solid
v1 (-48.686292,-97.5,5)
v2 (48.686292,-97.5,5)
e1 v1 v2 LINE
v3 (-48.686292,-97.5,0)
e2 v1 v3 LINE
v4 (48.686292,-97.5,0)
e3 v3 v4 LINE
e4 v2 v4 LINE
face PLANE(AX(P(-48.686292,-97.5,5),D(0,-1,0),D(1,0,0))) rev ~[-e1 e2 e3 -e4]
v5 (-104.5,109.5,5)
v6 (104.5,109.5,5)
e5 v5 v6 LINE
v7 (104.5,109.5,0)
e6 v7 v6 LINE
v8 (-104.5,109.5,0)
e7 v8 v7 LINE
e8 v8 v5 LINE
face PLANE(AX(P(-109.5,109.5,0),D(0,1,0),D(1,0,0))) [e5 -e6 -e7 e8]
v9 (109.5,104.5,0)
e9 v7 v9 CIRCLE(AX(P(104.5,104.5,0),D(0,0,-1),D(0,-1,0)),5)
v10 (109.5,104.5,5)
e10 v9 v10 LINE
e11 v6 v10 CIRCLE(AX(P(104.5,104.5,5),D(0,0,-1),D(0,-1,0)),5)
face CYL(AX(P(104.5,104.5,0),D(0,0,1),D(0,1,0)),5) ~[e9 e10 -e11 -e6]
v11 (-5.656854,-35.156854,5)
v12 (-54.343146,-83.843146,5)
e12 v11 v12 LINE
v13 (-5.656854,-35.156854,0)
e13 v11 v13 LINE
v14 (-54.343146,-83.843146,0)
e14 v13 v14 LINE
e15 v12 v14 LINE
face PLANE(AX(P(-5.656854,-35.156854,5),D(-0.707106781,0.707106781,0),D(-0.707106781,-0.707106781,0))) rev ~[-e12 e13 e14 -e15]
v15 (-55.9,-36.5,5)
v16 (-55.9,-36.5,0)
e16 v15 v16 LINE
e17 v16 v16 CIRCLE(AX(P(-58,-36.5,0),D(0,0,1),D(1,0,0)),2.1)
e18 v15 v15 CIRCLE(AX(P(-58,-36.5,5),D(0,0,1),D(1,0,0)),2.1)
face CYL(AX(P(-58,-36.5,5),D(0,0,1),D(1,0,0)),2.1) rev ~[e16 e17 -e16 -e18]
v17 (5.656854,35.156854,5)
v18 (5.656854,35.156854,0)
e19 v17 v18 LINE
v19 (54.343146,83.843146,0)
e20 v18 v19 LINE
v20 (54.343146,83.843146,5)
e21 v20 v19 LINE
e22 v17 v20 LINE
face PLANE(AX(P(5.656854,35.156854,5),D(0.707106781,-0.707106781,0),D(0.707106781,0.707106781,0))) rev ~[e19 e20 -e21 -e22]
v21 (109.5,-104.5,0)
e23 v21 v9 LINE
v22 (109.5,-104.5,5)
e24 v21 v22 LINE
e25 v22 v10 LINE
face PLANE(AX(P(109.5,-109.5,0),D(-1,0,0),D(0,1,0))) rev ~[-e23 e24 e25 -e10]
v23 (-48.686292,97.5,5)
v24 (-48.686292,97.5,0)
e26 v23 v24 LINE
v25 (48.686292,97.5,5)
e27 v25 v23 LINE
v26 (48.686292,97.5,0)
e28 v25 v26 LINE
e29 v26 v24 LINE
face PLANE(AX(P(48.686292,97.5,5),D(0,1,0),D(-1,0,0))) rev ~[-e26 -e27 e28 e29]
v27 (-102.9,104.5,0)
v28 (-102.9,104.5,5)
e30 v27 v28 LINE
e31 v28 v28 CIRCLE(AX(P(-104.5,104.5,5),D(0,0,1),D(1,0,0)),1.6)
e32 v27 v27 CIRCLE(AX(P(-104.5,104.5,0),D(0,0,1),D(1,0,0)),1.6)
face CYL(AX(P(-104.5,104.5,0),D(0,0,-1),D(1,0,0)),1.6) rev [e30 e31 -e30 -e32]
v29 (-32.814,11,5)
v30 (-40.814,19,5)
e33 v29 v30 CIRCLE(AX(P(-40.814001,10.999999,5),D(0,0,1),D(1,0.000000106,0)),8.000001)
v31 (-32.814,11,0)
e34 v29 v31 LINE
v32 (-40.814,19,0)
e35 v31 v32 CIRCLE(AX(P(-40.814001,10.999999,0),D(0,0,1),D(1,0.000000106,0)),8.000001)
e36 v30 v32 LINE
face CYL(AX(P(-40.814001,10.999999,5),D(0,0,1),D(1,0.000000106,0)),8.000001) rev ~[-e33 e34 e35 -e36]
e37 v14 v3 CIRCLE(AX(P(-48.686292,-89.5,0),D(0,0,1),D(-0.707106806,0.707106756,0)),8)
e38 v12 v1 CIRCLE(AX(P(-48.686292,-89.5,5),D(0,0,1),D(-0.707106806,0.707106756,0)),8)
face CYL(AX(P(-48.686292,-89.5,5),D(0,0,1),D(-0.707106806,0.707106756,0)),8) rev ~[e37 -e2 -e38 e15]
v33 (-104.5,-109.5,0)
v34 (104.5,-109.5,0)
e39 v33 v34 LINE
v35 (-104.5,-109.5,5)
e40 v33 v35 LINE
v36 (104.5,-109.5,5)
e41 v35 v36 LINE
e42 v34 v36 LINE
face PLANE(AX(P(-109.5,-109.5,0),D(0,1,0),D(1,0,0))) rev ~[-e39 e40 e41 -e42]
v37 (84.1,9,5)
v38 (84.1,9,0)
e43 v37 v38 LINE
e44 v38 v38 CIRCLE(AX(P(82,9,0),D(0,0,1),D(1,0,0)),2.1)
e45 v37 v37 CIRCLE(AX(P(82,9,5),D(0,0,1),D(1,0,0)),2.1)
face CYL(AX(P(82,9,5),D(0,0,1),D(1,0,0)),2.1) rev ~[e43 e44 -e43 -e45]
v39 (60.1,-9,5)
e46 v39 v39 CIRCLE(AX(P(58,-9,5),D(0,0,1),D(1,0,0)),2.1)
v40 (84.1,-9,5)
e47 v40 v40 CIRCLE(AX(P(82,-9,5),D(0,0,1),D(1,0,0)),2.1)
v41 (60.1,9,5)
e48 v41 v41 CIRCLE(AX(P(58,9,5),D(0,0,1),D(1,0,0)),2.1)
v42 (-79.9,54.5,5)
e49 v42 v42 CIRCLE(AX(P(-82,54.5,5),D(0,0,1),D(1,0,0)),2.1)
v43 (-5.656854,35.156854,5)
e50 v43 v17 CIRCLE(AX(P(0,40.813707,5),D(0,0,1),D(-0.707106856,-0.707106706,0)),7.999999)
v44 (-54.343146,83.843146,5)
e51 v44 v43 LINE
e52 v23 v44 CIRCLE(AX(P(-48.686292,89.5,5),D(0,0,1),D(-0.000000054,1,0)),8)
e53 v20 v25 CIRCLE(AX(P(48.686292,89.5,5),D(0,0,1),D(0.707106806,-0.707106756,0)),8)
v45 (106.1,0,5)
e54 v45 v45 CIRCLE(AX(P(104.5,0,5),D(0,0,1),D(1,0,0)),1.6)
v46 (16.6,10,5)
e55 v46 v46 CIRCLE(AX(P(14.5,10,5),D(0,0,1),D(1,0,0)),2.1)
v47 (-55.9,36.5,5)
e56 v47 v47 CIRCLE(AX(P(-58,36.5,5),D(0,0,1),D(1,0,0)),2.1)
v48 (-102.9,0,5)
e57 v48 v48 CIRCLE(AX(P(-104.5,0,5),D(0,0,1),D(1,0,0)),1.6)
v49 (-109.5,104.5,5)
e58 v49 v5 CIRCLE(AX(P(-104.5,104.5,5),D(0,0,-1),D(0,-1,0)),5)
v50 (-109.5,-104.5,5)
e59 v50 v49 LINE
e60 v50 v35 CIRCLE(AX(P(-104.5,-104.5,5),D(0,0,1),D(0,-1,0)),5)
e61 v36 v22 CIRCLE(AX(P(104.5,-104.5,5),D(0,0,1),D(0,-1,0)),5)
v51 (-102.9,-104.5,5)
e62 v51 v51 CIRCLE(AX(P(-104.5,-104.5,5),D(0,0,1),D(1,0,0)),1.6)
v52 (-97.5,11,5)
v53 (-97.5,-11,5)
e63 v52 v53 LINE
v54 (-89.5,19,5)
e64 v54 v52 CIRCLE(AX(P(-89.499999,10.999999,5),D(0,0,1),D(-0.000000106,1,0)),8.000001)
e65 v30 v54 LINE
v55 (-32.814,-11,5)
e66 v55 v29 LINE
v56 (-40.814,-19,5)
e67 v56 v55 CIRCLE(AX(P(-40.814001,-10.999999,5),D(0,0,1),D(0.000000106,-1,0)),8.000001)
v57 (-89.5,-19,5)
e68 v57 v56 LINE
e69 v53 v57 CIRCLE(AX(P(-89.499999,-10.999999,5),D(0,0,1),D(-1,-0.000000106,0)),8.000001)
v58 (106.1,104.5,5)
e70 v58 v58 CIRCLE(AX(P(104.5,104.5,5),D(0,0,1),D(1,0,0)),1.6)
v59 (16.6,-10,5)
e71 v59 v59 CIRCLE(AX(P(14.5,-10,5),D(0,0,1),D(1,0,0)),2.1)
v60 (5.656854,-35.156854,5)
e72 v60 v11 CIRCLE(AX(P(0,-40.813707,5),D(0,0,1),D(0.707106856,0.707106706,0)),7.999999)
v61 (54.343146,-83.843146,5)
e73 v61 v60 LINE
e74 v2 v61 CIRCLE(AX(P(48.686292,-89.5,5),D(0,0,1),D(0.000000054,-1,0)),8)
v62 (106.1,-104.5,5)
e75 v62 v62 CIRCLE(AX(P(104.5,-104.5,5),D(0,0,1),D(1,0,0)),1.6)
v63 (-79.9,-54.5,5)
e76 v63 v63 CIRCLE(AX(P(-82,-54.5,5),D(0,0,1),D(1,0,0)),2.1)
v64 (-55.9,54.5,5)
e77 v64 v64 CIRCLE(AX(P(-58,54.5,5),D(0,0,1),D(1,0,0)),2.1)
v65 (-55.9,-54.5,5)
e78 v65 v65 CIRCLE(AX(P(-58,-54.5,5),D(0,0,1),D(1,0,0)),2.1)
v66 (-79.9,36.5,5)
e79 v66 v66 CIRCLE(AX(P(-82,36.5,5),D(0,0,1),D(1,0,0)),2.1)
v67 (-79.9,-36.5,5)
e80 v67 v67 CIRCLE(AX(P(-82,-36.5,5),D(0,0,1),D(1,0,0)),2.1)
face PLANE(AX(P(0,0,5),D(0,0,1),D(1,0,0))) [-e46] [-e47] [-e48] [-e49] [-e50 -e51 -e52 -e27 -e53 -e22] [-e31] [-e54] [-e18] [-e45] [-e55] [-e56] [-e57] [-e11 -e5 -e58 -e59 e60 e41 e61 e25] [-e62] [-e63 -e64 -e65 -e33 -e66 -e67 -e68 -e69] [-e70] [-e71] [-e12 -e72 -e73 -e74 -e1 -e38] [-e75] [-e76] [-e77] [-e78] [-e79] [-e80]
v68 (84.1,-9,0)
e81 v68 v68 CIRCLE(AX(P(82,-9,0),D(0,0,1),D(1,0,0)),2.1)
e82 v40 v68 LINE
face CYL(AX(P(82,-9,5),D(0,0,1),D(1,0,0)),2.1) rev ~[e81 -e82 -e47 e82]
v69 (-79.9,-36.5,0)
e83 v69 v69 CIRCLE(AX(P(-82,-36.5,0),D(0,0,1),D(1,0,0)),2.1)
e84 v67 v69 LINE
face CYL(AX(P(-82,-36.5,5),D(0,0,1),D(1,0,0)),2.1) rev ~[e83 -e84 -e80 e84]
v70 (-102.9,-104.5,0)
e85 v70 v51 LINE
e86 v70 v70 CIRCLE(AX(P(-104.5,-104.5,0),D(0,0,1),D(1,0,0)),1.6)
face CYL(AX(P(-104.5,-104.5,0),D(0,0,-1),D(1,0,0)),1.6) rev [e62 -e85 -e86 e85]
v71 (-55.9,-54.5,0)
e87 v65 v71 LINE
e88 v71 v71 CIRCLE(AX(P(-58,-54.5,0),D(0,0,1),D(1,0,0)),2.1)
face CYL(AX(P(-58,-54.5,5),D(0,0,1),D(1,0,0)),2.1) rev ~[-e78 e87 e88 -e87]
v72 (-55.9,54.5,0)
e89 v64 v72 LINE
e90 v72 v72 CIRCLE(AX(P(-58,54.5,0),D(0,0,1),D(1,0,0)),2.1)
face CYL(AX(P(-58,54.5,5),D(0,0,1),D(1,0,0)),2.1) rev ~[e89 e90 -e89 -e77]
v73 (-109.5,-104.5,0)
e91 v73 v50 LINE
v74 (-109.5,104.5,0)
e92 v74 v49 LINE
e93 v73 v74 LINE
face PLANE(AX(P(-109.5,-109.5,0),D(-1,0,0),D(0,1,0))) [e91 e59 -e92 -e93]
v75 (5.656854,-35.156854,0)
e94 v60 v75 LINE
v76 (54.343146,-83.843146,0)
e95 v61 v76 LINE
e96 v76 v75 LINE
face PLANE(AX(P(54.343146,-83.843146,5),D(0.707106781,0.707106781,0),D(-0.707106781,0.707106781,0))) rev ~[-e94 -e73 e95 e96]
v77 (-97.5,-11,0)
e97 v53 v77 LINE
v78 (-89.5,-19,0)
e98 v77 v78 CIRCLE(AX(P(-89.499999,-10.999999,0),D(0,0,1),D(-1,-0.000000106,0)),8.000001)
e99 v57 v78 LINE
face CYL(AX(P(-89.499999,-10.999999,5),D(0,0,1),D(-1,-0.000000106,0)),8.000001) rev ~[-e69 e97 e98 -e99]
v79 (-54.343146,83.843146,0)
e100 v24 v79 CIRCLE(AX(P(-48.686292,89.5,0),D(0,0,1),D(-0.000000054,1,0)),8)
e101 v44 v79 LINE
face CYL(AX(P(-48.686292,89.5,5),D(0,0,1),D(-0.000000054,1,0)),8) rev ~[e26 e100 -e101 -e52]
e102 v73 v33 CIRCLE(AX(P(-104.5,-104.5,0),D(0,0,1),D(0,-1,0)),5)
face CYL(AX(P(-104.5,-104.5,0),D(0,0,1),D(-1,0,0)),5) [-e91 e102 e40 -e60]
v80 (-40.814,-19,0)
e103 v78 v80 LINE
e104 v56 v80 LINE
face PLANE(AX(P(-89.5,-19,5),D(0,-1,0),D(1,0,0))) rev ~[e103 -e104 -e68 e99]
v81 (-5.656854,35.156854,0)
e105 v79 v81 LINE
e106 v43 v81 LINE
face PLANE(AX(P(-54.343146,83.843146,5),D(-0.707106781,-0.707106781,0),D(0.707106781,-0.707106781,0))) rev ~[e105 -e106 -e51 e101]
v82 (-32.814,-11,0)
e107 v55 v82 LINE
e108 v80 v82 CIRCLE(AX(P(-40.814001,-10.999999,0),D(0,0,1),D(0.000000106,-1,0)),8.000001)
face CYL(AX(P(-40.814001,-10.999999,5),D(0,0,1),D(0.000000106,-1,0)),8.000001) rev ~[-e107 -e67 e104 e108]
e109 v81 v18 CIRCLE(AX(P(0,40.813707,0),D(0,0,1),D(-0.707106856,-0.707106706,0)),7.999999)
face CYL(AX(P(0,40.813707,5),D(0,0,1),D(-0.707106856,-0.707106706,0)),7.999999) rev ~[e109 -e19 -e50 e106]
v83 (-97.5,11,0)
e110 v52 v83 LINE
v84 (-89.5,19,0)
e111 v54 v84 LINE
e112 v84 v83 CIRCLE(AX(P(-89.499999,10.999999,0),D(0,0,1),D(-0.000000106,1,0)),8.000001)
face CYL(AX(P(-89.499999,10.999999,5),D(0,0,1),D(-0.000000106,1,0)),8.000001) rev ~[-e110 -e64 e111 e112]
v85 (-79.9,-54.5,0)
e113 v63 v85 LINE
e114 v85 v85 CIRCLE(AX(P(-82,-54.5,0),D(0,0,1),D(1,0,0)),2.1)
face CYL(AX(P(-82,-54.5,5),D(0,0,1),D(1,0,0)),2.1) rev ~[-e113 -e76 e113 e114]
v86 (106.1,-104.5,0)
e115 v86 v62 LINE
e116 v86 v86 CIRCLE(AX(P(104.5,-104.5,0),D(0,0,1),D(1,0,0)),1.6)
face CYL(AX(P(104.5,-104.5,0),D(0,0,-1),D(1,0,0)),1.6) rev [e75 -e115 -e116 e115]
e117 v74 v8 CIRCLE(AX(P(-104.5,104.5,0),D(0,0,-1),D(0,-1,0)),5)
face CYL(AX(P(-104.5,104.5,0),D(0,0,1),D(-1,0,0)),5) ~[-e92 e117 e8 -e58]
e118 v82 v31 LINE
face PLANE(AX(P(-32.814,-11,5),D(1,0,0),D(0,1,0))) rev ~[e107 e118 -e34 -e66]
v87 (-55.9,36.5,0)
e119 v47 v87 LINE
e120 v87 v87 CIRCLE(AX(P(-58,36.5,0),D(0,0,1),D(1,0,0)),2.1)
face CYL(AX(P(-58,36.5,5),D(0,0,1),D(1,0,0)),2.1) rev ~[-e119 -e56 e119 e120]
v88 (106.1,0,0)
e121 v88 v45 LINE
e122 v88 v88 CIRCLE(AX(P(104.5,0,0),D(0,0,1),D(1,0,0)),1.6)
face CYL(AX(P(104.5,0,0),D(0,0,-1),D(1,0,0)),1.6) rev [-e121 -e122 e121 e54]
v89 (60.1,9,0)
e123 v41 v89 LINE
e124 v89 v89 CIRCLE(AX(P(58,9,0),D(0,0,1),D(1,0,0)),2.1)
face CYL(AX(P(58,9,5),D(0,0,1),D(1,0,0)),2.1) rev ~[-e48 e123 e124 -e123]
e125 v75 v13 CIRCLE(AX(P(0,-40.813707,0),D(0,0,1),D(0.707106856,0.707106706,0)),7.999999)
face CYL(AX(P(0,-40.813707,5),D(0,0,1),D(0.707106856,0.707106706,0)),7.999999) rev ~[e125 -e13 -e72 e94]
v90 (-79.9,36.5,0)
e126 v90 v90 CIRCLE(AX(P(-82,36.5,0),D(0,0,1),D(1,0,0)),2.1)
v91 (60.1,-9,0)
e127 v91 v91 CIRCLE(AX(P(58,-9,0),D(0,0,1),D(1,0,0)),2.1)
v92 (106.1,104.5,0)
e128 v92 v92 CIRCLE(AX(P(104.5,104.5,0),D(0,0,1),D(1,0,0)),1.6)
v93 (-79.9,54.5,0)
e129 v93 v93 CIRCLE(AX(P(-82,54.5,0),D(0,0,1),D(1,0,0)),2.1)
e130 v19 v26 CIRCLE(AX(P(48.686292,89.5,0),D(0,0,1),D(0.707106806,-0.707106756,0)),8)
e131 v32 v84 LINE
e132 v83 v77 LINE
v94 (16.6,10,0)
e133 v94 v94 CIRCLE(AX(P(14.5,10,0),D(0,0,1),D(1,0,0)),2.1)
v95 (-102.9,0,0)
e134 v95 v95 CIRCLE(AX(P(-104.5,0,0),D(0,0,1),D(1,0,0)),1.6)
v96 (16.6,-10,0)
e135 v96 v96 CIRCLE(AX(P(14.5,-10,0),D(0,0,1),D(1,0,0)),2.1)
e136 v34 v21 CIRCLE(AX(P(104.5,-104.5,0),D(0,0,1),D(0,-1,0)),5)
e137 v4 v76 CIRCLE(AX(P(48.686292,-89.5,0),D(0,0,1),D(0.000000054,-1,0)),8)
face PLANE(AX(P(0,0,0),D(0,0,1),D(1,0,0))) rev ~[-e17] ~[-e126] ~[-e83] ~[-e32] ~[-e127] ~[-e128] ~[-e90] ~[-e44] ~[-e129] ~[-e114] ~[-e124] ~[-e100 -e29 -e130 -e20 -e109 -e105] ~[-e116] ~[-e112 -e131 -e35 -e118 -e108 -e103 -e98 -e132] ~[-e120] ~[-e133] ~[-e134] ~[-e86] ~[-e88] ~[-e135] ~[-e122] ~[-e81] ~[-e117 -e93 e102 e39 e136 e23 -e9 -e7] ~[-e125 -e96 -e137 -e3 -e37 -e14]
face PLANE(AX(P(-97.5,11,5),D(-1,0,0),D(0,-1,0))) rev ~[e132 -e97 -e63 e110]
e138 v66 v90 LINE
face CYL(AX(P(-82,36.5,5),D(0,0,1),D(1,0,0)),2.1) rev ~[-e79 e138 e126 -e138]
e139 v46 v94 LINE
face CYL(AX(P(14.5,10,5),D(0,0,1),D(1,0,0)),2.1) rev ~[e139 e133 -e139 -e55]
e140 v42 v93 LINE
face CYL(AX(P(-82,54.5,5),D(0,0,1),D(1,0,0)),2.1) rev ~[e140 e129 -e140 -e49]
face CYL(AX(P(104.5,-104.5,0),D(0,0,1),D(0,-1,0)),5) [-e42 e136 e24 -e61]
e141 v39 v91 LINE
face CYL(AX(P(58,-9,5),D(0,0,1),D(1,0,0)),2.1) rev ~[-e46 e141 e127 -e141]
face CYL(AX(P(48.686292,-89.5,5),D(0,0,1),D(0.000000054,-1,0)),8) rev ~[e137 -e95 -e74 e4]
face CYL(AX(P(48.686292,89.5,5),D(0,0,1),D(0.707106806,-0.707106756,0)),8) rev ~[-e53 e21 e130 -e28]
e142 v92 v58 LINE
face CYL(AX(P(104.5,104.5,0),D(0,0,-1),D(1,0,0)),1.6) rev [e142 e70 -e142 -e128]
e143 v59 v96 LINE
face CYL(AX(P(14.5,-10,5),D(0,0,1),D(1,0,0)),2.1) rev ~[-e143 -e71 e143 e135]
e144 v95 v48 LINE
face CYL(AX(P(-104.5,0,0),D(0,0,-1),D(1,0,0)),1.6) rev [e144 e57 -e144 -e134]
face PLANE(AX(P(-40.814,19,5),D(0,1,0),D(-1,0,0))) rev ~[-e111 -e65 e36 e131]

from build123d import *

# Parameters (mm, degrees)
F0_W     = 219
F0_H     = 219
F0_R     = 1.6
F1_DEPTH = 5
F2_R     = 2.1
F3_DEPTH = 25
F4_R     = 5
F6_DEPTH = 25


with BuildPart() as f1:
    # F0 (on Top) → F1 (new body)
    with BuildSketch(Plane.XY):
        Rectangle(F0_W, F0_H)
        with Locations((-104.5, -104.5)):
            Circle(F0_R, mode=Mode.SUBTRACT)
        with Locations((104.5, -104.5)):
            Circle(F0_R, mode=Mode.SUBTRACT)
        with Locations((-104.5, 0)):
            Circle(F0_R, mode=Mode.SUBTRACT)
        with Locations((-104.5, 104.5)):
            Circle(F0_R, mode=Mode.SUBTRACT)
        with Locations((104.5, 0)):
            Circle(F0_R, mode=Mode.SUBTRACT)
        with Locations((104.5, 104.5)):
            Circle(F0_R, mode=Mode.SUBTRACT)
    extrude(amount=F1_DEPTH)

    # F2 (on face) → F3 (cut)
    with BuildSketch(Plane.XY.offset(5)):
        with Locations((-82, -54.5)):
            Circle(F2_R)
        with Locations((-58, -54.5)):
            Circle(F2_R)
        with Locations((-58, -36.5)):
            Circle(F2_R)
        with Locations((-82, -36.5)):
            Circle(F2_R)
        with Locations((-82, 36.5)):
            Circle(F2_R)
        with Locations((-82, 54.5)):
            Circle(F2_R)
        with Locations((-58, 54.5)):
            Circle(F2_R)
        with Locations((-58, 36.5)):
            Circle(F2_R)
        with Locations((14.5, -10)):
            Circle(F2_R)
        with Locations((58, -9)):
            Circle(F2_R)
        with Locations((82, -9)):
            Circle(F2_R)
        with Locations((82, 9)):
            Circle(F2_R)
        with Locations((58, 9)):
            Circle(F2_R)
        with Locations((14.5, 10)):
            Circle(F2_R)
    extrude(amount=-F3_DEPTH, mode=Mode.SUBTRACT)

    # F4
    f4_edges = [f1.edges().sort_by_distance(p)[0] for p in [
        (109.5, 109.5, 2.5),
        (109.5, -109.5, 2.5),
        (-109.5, -109.5, 2.5),
        (-109.5, 109.5, 2.5),
    ]]
    fillet(f4_edges, radius=F4_R)

    # F5 (on face) → F6 (cut)
    with BuildSketch(Plane.XY.offset(5)):
        with BuildLine():
            Line((-5.656854, -35.156854), (-54.343146, -83.843146))
            ThreePointArc((-54.343146, -83.843146), (-56.077328, -92.561467), (-48.686292, -97.5))
            Line((-48.686292, -97.5), (48.686292, -97.5))
            ThreePointArc((48.686292, -97.5), (56.077328, -92.561467), (54.343146, -83.843146))
            Line((54.343146, -83.843146), (5.656854, -35.156854))
            ThreePointArc((5.656854, -35.156854), (0, -32.813708), (-5.656854, -35.156854))
        make_face()
        with BuildLine():
            Line((5.656854, 35.156854), (54.343146, 83.843146))
            ThreePointArc((54.343146, 83.843146), (56.077328, 92.561467), (48.686292, 97.5))
            Line((48.686292, 97.5), (-48.686292, 97.5))
            ThreePointArc((-48.686292, 97.5), (-56.077328, 92.561467), (-54.343146, 83.843146))
            Line((-54.343146, 83.843146), (-5.656854, 35.156854))
            ThreePointArc((-5.656854, 35.156854), (0, 32.813708), (5.656854, 35.156854))
        make_face()
        with BuildLine():
            Line((-89.5, -19), (-40.814, -19))
            ThreePointArc((-40.814, -19), (-35.157146, -16.656854), (-32.814, -11))
            Line((-32.814, -11), (-32.814, 11))
            ThreePointArc((-32.814, 11), (-35.157146, 16.656854), (-40.814, 19))
            Line((-40.814, 19), (-89.5, 19))
            ThreePointArc((-89.5, 19), (-95.156854, 16.656854), (-97.5, 11))
            Line((-97.5, 11), (-97.5, -11))
            ThreePointArc((-97.5, -11), (-95.156854, -16.656854), (-89.5, -19))
        make_face()
    extrude(amount=-F6_DEPTH, mode=Mode.SUBTRACT)


solid = f1.part
